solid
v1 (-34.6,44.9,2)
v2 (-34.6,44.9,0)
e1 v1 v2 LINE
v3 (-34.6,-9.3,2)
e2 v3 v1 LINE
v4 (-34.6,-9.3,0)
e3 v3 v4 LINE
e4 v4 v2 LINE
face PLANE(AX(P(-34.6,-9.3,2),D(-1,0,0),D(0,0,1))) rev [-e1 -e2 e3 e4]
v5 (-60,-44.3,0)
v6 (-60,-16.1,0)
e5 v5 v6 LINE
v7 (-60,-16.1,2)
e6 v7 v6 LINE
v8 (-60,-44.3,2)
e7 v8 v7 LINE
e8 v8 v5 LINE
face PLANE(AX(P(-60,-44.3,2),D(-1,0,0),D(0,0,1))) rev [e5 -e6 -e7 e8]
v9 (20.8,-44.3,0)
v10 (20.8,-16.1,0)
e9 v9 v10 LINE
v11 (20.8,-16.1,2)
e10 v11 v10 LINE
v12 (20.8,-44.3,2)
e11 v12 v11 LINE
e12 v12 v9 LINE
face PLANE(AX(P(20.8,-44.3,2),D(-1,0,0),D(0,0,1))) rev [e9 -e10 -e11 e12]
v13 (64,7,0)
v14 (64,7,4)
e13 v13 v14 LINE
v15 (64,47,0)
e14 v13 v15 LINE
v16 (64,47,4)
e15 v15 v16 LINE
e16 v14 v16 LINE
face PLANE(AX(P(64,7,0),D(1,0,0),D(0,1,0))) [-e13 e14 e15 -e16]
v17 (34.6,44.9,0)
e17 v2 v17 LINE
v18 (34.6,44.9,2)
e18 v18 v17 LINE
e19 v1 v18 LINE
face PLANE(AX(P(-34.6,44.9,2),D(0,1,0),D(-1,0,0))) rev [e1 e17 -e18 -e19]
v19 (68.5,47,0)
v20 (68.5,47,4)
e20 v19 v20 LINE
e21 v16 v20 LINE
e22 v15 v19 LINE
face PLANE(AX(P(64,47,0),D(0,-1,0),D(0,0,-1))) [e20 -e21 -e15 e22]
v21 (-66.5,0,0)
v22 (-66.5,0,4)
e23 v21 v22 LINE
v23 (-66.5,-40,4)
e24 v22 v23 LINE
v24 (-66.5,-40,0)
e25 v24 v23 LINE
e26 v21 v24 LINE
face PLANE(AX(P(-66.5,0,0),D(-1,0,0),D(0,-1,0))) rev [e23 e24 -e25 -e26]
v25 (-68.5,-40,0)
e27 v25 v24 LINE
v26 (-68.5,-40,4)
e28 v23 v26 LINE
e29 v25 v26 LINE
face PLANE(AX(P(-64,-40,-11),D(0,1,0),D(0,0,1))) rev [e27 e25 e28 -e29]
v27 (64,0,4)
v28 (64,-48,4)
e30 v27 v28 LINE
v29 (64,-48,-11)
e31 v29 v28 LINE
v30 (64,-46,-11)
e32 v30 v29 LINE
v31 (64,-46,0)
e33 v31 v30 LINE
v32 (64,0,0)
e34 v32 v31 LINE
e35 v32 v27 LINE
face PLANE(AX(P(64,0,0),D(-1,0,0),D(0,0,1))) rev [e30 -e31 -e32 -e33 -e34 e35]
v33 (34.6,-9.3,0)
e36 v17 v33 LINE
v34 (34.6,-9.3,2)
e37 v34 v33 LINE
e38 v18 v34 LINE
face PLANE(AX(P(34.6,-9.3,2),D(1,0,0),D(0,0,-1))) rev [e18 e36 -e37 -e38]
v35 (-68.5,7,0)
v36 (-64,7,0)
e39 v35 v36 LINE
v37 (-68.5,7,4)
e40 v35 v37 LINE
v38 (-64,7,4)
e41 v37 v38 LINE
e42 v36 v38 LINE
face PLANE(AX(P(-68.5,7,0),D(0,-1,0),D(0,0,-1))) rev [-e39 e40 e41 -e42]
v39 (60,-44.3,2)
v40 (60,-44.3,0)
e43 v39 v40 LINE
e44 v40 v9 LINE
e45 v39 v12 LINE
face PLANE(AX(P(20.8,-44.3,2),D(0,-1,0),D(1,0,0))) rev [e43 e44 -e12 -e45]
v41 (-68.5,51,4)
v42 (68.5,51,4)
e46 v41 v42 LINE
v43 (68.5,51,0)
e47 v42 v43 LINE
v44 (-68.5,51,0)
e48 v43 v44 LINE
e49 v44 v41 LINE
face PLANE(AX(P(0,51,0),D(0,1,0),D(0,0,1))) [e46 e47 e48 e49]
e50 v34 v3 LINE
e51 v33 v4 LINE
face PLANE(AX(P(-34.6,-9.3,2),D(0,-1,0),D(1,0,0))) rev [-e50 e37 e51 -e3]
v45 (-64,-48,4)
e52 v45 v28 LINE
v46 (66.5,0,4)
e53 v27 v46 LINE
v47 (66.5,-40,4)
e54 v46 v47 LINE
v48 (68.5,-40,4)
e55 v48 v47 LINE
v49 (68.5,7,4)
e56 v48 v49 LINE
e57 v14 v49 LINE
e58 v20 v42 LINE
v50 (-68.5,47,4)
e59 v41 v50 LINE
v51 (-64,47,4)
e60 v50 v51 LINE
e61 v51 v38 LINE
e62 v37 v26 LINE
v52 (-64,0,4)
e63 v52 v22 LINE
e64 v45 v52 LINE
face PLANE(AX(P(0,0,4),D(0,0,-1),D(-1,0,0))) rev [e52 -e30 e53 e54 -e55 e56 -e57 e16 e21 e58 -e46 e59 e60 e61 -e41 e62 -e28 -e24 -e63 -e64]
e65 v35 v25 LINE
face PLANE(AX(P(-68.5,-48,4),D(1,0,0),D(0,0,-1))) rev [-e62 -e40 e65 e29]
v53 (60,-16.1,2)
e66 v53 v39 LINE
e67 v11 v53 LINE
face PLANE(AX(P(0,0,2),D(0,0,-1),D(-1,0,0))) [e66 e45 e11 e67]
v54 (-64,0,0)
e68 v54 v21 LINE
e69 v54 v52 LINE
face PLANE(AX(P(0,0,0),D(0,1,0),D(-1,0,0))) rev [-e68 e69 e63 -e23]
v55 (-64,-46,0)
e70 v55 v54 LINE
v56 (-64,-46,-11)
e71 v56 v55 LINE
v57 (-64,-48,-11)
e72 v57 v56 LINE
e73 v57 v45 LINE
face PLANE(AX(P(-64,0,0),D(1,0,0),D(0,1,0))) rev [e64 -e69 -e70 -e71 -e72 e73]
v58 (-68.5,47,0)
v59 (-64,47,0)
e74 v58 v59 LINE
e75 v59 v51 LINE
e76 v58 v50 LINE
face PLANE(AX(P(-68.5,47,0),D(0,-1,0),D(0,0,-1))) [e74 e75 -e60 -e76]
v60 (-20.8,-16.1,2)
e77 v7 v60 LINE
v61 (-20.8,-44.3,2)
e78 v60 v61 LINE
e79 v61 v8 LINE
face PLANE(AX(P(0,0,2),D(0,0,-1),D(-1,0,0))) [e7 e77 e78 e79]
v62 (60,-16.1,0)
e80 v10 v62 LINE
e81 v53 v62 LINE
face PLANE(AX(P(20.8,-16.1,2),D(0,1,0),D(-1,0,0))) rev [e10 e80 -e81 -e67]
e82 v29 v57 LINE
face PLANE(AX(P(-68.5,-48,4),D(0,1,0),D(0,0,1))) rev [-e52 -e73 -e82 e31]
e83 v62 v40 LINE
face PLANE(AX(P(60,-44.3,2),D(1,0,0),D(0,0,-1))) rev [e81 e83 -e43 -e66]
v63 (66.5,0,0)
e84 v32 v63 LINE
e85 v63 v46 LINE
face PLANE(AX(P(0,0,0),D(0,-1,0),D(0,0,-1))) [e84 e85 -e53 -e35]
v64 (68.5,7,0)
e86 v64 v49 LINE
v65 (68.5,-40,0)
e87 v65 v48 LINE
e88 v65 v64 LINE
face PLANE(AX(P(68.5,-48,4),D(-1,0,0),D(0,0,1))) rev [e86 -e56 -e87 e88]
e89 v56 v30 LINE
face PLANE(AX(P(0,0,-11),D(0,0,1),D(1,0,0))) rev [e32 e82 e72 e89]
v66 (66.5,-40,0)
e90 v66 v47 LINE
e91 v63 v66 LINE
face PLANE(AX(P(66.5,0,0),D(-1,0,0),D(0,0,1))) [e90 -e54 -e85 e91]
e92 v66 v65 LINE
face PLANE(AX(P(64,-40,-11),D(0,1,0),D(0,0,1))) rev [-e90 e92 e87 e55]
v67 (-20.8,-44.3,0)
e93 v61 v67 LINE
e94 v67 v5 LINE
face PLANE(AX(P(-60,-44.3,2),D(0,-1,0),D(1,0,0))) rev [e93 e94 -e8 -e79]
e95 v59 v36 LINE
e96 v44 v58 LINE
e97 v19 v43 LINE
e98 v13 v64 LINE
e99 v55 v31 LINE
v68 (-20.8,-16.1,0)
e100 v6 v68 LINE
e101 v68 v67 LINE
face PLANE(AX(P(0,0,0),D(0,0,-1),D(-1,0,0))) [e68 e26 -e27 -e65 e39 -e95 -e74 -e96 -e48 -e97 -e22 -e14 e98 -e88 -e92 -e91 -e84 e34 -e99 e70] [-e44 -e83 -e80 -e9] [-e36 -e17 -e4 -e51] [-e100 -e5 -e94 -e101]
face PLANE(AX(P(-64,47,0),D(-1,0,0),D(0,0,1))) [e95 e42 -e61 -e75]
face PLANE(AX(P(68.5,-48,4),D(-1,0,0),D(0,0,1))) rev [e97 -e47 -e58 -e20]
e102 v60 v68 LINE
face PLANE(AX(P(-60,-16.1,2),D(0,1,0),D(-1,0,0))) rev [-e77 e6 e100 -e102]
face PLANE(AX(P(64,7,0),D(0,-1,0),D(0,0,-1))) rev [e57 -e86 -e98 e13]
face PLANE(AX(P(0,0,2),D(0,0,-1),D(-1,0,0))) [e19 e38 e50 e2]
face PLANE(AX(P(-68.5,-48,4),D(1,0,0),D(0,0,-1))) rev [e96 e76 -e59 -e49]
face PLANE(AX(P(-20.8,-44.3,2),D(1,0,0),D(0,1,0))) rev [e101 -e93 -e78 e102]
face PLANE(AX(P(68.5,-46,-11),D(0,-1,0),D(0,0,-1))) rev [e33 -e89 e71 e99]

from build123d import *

# Parameters (mm, degrees)
SKETCH1_W           = 137
SKETCH1_H           = 96
BOSS_EXTRUDE1_DEPTH = 4
SKETCH2_W           = 2.5
SKETCH2_H           = 40
SKETCH2_W_2         = 4.5
CUT_EXTRUDE1_DEPTH  = 4
SKETCH3_W           = 137
SKETCH3_H           = 4
BOSS_EXTRUDE2_DEPTH = 3
SKETCH4_W           = 137
SKETCH4_H           = 2
BOSS_EXTRUDE3_DEPTH = 11
SKETCH5_W           = 4.5
SKETCH5_H           = 8
CUT_EXTRUDE2_DEPTH  = 16
SKETCH6_W           = 39.2
SKETCH6_H           = 28.2
SKETCH6_W_2         = 69.2
SKETCH6_H_2         = 54.2
CUT_EXTRUDE3_DEPTH  = 2


with BuildPart() as part:
    # Sketch1 → Boss-Extrude1 (new body)
    with BuildSketch(Plane.XY):
        Rectangle(SKETCH1_W, SKETCH1_H)
    extrude(amount=BOSS_EXTRUDE1_DEPTH)

    # Sketch2 → Cut-Extrude1 (cut)
    with BuildSketch(Plane.XY.offset(4)):
        with Locations((-65.25, -20)):
            Rectangle(SKETCH2_W, SKETCH2_H)
        with Locations((65.25, -20)):
            Rectangle(SKETCH2_W, SKETCH2_H)
        with Locations((-66.25, 27)):
            Rectangle(SKETCH2_W_2, SKETCH2_H)
        with Locations((66.25, 27)):
            Rectangle(SKETCH2_W_2, SKETCH2_H)
    extrude(amount=-CUT_EXTRUDE1_DEPTH, mode=Mode.SUBTRACT)

    # Sketch3 → Boss-Extrude2 (add)
    with BuildSketch(Plane(origin=(0, 48, 0), x_dir=(1, 0, 0), z_dir=(0, 1, 0))):
        with Locations((0, -2)):
            Rectangle(SKETCH3_W, SKETCH3_H)
    extrude(amount=BOSS_EXTRUDE2_DEPTH)

    # Sketch4 → Boss-Extrude3 (add)
    with BuildSketch(Plane(origin=(0, 0, 0), x_dir=(-1, 0, 0), z_dir=(0, 0, -1))):
        with Locations((0, -47)):
            Rectangle(SKETCH4_W, SKETCH4_H)
    extrude(amount=BOSS_EXTRUDE3_DEPTH)

    # Sketch5 → Cut-Extrude2 (cut, through all)
    with BuildSketch(Plane.XY.offset(4)):
        with Locations((-66.25, -44)):
            Rectangle(SKETCH5_W, SKETCH5_H)
        with Locations((66.25, -44)):
            Rectangle(SKETCH5_W, SKETCH5_H)
    extrude(amount=-CUT_EXTRUDE2_DEPTH, mode=Mode.SUBTRACT)

    # Sketch6 → Cut-Extrude3 (cut)
    with BuildSketch(Plane(origin=(0, 0, 0), x_dir=(-1, 0, 0), z_dir=(0, 0, -1))):
        with Locations((-40.4, -30.2)):
            Rectangle(SKETCH6_W, SKETCH6_H)
        with Locations((40.4, -30.2)):
            Rectangle(SKETCH6_W, SKETCH6_H)
        with Locations((0, 17.8)):
            Rectangle(SKETCH6_W_2, SKETCH6_H_2)
    extrude(amount=-CUT_EXTRUDE3_DEPTH, mode=Mode.SUBTRACT)


solid = part.part
